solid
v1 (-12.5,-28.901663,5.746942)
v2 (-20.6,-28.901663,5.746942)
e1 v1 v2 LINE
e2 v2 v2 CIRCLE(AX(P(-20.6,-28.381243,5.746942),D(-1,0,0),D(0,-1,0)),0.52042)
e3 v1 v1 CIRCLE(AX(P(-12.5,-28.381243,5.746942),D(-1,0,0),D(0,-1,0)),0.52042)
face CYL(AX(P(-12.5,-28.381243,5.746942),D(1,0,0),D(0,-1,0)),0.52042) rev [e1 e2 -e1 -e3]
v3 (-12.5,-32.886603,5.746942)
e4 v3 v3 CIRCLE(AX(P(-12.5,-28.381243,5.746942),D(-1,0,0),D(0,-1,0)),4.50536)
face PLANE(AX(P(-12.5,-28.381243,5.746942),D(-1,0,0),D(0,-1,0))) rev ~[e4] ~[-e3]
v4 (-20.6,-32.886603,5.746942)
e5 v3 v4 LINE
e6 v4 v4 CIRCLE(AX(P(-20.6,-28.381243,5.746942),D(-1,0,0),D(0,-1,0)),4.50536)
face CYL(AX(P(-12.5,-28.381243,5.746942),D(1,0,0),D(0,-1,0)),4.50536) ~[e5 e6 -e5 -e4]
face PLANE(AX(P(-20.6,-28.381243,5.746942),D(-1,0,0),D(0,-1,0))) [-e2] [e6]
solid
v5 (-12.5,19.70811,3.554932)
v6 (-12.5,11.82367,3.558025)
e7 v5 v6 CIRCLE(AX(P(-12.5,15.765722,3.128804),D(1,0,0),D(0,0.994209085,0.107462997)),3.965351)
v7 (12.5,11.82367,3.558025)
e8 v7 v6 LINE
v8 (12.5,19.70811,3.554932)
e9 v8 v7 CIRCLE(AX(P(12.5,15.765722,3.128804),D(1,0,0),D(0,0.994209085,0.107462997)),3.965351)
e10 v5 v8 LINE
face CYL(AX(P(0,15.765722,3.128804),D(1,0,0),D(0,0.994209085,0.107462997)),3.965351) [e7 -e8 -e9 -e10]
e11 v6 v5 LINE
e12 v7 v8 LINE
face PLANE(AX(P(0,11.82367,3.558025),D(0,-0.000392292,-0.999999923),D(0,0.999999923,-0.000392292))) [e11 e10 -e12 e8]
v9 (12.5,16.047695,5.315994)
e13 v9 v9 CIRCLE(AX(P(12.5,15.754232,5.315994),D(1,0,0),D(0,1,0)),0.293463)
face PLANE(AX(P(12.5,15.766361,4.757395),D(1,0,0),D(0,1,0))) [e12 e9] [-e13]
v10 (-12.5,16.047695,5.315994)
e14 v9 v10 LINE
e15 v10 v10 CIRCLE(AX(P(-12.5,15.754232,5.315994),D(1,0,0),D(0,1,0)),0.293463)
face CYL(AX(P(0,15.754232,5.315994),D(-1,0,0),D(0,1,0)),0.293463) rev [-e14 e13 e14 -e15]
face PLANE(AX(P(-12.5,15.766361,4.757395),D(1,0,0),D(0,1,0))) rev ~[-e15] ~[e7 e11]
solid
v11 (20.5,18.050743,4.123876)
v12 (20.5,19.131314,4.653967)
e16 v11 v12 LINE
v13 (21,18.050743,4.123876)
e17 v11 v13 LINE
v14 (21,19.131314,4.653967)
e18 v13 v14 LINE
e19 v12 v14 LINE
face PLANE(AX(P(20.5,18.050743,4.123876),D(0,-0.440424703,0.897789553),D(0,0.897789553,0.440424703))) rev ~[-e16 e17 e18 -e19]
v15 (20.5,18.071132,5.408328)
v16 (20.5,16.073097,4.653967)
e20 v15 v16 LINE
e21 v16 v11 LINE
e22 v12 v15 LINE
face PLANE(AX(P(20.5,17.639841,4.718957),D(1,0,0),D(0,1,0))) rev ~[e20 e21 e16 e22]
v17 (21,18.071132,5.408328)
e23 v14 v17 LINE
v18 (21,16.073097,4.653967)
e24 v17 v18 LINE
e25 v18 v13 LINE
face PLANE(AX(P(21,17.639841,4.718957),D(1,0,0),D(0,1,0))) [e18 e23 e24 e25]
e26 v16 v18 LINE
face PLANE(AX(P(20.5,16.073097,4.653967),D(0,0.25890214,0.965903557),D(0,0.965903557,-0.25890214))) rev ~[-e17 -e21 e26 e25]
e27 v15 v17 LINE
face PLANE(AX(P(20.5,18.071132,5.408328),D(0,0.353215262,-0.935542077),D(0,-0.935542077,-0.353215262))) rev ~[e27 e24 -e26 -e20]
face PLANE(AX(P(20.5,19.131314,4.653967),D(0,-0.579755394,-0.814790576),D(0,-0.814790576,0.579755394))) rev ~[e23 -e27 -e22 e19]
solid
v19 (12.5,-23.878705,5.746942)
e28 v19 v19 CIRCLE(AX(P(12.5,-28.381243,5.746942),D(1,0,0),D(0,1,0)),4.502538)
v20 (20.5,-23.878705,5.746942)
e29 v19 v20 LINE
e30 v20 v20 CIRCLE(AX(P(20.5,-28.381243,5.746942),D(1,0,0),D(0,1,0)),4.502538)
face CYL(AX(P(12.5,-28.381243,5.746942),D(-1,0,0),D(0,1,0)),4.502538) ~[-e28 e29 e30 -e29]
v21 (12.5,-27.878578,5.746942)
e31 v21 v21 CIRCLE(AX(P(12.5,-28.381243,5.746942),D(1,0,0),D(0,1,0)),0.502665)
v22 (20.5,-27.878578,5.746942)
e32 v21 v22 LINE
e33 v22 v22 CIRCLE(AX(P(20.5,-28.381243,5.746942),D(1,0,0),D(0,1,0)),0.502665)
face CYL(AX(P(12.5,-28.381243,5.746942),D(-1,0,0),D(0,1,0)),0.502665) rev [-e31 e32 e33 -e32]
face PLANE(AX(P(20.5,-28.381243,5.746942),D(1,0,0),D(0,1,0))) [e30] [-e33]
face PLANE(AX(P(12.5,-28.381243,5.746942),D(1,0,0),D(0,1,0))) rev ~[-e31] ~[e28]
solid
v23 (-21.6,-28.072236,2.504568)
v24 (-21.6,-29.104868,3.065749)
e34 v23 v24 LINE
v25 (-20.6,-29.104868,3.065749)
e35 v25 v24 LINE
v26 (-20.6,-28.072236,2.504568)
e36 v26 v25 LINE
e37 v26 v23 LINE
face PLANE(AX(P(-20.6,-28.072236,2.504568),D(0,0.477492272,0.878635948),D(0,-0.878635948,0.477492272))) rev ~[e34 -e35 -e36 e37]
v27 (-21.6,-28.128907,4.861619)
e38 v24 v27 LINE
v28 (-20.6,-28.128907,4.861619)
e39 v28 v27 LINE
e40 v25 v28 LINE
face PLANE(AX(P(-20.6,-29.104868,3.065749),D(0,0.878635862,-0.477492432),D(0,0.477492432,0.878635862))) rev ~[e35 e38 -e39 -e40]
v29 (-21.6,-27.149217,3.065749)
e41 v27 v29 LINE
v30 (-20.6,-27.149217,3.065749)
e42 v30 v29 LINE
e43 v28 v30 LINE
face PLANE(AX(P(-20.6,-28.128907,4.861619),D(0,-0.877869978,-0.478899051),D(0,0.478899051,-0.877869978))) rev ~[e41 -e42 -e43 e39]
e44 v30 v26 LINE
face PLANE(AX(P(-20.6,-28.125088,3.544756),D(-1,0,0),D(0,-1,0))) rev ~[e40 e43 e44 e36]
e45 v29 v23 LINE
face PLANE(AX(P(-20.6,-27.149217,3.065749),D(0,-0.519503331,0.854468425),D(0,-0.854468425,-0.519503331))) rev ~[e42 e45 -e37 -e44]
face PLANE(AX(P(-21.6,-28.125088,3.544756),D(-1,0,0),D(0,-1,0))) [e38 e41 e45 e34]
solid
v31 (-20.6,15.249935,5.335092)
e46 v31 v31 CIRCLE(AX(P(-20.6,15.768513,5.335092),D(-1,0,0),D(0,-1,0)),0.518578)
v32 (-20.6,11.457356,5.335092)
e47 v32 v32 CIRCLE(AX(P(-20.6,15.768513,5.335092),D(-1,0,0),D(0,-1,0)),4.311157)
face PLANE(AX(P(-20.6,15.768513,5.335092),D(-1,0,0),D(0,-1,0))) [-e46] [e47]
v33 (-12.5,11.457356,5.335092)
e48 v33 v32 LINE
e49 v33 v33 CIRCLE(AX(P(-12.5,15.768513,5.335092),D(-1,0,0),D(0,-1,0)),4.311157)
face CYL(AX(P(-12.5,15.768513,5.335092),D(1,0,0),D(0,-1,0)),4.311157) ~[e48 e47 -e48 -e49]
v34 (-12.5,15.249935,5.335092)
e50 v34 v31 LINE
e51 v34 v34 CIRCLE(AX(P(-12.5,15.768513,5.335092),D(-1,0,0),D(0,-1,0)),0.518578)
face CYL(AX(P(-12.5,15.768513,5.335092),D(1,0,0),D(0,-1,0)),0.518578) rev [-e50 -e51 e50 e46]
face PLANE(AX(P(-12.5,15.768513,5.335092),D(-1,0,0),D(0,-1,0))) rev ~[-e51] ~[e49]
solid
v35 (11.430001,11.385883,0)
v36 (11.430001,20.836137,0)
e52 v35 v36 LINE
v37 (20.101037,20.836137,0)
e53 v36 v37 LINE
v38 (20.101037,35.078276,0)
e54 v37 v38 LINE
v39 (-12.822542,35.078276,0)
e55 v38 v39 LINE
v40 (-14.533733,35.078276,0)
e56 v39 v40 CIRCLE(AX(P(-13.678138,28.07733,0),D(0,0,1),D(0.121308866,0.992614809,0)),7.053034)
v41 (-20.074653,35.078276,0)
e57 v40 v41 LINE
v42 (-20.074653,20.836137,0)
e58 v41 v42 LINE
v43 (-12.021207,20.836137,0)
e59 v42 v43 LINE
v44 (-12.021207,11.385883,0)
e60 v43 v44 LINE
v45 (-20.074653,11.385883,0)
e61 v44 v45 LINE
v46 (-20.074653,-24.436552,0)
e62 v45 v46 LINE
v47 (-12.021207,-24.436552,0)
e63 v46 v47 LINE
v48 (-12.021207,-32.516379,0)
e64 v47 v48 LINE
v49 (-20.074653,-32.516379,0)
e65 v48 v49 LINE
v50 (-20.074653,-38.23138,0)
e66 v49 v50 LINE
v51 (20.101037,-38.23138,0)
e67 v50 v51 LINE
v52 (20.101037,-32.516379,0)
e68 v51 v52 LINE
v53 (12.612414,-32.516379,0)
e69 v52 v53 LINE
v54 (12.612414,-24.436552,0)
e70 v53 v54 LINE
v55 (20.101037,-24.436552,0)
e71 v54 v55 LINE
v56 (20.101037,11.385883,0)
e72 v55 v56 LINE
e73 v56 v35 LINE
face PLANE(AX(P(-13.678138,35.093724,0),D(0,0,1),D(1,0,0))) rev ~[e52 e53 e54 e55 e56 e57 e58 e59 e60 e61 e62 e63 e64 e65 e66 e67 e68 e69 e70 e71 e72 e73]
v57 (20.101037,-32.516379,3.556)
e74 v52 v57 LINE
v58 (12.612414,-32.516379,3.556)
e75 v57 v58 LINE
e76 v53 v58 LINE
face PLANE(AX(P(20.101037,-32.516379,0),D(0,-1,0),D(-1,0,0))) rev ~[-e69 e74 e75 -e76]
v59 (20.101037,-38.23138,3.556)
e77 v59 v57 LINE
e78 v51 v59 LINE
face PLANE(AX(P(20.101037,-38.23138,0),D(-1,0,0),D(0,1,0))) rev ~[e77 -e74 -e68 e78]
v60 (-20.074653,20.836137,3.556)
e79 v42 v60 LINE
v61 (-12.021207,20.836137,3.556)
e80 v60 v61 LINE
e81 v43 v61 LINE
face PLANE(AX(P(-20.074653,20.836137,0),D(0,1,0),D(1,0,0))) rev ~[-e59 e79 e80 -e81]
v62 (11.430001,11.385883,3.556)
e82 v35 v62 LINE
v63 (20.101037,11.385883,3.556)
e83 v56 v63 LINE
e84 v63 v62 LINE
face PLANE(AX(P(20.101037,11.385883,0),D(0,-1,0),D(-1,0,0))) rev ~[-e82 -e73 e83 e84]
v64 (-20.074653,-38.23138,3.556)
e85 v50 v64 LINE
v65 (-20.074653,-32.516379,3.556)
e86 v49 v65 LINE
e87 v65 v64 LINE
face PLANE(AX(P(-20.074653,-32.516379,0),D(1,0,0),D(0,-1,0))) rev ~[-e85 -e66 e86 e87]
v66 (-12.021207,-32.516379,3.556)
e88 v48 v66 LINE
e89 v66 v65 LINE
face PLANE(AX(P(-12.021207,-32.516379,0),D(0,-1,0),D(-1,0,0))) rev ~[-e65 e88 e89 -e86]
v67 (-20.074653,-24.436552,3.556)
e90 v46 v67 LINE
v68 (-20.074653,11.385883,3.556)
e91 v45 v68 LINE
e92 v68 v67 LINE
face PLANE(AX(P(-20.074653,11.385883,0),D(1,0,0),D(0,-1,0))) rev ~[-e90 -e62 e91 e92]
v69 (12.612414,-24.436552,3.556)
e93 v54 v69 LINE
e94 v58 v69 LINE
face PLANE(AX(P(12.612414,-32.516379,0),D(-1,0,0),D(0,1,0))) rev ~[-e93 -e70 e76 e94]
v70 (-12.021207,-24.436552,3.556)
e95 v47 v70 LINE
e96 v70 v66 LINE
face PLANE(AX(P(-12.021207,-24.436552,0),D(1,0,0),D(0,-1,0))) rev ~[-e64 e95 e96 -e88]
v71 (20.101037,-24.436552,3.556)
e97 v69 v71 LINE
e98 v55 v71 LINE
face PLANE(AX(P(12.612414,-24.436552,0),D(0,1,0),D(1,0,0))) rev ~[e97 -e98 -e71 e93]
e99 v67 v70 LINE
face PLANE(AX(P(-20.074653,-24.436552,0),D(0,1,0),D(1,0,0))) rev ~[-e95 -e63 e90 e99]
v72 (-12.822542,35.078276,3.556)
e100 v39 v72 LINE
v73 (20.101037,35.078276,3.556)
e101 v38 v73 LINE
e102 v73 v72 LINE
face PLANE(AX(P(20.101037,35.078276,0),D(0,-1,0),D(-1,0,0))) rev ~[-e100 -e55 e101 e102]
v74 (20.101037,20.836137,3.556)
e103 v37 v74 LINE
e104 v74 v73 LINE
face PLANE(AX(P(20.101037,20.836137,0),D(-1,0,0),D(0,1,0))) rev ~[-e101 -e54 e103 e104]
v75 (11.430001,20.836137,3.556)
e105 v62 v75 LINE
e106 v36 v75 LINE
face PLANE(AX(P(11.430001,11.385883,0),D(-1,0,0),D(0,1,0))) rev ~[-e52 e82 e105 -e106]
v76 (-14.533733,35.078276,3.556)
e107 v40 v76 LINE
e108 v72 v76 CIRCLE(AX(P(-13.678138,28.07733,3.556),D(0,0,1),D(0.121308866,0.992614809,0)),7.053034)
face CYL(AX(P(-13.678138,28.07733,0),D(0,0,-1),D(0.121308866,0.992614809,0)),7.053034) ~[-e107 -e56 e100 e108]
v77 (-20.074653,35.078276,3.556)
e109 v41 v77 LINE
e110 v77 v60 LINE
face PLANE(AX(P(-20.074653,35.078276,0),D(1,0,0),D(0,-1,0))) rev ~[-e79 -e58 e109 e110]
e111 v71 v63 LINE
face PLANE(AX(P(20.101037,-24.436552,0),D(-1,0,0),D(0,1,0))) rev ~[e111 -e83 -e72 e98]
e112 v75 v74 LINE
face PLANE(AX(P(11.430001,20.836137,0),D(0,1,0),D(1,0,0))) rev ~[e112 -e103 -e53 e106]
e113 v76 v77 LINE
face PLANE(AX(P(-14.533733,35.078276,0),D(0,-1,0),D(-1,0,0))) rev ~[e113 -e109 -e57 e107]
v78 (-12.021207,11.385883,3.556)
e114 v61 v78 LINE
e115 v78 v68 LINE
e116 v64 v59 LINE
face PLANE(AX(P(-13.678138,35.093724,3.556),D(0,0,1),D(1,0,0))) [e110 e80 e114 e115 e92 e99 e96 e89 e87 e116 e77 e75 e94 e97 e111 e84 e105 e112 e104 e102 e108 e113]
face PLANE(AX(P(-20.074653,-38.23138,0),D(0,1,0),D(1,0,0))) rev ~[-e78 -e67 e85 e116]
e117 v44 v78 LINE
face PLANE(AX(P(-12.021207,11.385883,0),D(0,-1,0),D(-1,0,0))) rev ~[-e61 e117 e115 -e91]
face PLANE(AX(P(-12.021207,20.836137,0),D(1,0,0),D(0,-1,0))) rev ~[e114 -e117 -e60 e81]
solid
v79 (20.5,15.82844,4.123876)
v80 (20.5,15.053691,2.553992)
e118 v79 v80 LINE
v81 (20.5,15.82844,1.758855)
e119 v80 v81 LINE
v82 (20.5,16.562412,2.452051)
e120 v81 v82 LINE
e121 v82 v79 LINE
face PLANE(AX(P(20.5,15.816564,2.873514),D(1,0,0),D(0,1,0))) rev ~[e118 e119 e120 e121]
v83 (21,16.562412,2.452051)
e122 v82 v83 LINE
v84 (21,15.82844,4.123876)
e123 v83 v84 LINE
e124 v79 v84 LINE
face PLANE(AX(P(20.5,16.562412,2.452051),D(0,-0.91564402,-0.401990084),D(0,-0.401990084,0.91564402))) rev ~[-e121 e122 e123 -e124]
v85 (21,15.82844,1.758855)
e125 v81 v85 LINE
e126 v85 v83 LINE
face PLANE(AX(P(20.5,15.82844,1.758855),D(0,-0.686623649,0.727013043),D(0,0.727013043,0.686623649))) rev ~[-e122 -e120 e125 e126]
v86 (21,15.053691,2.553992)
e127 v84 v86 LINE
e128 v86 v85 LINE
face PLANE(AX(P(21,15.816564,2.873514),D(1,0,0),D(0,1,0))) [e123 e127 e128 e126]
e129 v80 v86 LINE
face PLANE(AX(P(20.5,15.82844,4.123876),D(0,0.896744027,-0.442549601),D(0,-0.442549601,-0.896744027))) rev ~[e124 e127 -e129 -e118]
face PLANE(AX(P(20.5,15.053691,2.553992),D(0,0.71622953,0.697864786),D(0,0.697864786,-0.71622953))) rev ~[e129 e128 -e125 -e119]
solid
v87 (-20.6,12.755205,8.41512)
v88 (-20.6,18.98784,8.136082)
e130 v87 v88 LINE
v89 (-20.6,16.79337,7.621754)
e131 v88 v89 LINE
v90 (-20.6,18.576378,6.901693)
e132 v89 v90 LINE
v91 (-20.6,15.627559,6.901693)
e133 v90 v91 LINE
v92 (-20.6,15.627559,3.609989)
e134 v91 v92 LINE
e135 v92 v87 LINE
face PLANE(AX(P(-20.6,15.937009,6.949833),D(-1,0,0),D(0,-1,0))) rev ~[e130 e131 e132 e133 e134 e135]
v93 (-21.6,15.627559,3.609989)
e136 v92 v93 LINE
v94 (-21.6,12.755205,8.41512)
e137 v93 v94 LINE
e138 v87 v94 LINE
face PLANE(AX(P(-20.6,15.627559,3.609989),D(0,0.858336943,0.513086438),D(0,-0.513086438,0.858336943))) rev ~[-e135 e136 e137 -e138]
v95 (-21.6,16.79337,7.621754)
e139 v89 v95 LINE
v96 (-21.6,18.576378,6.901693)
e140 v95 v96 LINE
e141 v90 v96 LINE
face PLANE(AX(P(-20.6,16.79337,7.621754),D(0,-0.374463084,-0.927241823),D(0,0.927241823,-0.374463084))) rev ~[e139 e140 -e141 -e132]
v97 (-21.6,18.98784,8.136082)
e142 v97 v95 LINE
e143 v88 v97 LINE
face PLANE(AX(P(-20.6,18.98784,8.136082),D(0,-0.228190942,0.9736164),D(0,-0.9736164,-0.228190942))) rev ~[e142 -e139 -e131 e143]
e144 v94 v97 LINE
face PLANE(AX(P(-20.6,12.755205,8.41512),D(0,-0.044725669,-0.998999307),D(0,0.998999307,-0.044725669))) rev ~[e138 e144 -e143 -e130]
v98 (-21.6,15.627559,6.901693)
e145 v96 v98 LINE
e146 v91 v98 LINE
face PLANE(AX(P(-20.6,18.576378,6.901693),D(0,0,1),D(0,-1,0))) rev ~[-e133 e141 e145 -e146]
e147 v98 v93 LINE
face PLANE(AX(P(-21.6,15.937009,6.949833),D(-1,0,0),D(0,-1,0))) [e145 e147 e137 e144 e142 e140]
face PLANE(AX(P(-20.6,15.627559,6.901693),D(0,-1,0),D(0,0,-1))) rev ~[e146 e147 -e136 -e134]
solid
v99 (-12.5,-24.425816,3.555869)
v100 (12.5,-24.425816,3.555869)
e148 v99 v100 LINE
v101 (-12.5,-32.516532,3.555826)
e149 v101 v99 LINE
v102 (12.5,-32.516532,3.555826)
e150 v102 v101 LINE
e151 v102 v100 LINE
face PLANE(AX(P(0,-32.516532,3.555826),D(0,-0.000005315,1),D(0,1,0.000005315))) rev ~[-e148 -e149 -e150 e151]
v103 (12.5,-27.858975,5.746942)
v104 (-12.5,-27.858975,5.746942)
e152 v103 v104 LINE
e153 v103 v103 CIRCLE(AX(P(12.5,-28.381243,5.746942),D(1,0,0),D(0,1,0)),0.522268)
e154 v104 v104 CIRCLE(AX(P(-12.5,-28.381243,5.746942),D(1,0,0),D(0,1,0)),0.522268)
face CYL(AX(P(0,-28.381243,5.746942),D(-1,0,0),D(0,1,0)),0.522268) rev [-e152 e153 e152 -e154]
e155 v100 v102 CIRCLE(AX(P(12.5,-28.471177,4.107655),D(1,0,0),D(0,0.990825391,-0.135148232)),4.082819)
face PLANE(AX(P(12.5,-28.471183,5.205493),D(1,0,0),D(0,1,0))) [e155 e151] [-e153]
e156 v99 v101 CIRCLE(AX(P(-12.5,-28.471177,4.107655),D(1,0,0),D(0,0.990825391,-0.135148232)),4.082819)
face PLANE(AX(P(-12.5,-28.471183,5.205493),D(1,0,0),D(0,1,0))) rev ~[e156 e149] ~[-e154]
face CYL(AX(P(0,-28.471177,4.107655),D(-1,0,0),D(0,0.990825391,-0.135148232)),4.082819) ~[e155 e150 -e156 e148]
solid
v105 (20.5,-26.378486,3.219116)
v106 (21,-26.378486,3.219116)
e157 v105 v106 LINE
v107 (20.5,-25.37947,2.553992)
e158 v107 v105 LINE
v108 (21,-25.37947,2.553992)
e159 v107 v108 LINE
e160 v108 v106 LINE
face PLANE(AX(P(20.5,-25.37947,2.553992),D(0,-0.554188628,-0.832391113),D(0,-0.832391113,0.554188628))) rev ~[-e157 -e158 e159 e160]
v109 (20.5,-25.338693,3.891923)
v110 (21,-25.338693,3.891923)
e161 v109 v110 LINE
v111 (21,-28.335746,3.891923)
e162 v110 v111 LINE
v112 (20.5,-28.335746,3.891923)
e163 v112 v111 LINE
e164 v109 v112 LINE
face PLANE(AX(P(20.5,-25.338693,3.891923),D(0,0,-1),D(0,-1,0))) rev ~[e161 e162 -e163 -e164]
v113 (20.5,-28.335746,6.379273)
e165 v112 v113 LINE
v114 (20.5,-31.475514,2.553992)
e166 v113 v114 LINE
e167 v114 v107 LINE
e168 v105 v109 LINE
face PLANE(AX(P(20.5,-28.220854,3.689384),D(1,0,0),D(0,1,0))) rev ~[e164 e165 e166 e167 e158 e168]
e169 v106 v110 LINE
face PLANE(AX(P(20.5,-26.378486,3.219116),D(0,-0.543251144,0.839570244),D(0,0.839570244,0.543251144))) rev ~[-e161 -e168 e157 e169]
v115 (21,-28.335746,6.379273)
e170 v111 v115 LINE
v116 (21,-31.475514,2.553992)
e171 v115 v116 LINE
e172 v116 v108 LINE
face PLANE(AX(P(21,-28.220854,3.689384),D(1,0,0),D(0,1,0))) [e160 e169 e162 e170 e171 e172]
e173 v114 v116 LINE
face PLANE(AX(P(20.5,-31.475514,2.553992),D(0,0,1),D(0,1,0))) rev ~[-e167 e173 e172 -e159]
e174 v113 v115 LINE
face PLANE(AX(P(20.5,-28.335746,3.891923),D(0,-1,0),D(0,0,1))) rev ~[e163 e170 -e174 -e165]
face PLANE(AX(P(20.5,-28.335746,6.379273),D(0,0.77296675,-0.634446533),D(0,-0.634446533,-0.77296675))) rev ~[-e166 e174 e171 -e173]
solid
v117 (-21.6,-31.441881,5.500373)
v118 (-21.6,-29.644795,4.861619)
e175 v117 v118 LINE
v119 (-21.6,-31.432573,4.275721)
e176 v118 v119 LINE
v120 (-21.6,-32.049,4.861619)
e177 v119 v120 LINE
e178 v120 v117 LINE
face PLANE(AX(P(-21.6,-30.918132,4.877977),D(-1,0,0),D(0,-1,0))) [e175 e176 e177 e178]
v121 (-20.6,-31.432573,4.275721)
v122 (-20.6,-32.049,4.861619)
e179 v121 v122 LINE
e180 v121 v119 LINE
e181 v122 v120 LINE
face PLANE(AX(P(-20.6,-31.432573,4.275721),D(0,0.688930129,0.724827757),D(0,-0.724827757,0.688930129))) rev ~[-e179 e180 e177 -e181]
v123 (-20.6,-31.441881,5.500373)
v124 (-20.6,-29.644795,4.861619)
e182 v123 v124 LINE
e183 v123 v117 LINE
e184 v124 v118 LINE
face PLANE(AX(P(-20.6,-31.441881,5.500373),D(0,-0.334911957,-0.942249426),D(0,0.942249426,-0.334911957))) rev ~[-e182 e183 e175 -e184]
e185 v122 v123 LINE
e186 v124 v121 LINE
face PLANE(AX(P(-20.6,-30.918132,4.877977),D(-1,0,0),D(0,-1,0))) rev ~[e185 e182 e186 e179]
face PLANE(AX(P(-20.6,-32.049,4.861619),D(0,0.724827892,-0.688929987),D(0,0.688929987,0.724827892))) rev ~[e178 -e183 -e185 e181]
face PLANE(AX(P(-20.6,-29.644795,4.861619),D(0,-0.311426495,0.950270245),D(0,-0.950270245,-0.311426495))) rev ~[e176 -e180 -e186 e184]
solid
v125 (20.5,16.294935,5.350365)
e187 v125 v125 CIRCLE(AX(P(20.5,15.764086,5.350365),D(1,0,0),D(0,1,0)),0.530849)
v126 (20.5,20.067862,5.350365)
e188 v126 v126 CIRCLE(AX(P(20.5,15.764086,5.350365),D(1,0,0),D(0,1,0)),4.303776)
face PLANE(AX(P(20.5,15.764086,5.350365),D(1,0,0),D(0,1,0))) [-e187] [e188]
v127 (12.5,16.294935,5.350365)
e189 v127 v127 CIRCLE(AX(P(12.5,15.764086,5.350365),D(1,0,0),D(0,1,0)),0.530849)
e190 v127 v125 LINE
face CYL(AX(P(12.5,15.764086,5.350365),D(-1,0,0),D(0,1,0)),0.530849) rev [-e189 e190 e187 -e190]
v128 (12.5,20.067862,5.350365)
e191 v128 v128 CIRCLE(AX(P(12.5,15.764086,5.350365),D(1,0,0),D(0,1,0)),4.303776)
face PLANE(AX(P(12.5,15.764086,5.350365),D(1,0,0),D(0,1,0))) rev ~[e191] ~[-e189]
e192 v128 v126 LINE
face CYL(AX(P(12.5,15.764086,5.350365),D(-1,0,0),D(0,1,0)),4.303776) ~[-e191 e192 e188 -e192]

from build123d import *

# Parameters (mm, degrees)
F1_DEPTH  = 3.556
F2_R      = 0.522268
F2_R_2    = 0.293463
F3_DEPTH  = 12.5
F4_R      = 4.502538
F4_R_2    = 0.502665
F4_R_3    = 4.303776
F4_R_4    = 0.530849
F5_DEPTH  = 8
F6_R      = 4.50536
F6_R_2    = 0.52042
F6_R_3    = 4.311157
F6_R_4    = 0.518578
F7_DEPTH  = 8.1
F9_DEPTH  = 1
F11_DEPTH = 0.5


with BuildPart() as f1:
    # F0 (on Top) → F1 (new body)
    with BuildSketch(Plane.XY):
        with BuildLine():
            ThreePointArc((-12.822542, 35.078276), (-13.678138, 35.130364), (-14.533733, 35.078276))
            Line((-14.533733, 35.078276), (-12.822542, 35.078276))
        make_face()
        Polygon((-12.822542, 35.078276), (-14.533733, 35.078276), (-20.074653, 35.078276), (-20.074653, 31.048741), (-20.074653, 20.836137), (-12.021207, 20.836137), (-12.021207, 11.385883), (-20.074653, 11.385883), (-20.074653, -24.436552), (-12.021207, -24.436552), (-12.021207, -32.516379), (-20.074653, -32.516379), (-20.074653, -35.37388), (-20.074653, -38.23138), (-15.39694, -38.23138), (16.356725, -38.23138), (20.101037, -38.23138), (20.101037, -35.37388), (20.101037, -32.516379), (12.612414, -32.516379), (12.612414, -24.436552), (20.101037, -24.436552), (20.101037, 11.385883), (11.430001, 11.385883), (11.430001, 20.836137), (20.101037, 20.836137), (20.101037, 30.516615), (20.101037, 35.078276), (14.974757, 35.078276), align=None)
    extrude(amount=F1_DEPTH)


with BuildPart() as f3:
    # F2 (on Right) → F3 (new body, symmetric)
    with BuildSketch(Plane.YZ):
        with BuildLine():
            Line((-32.516532, 3.555826), (-24.425816, 3.555869))
            ThreePointArc((-24.425816, 3.555869), (-28.471198, 8.190474), (-32.516532, 3.555826))
        make_face()
        with Locations((-28.381243, 5.746942)):
            Circle(F2_R, mode=Mode.SUBTRACT)
        with BuildLine():
            Line((11.82367, 3.558025), (19.70811, 3.554932))
            ThreePointArc((19.70811, 3.554932), (15.767278, 7.094154), (11.82367, 3.558025))
        make_face()
        with Locations((15.754232, 5.315994)):
            Circle(F2_R_2, mode=Mode.SUBTRACT)
    extrude(amount=F3_DEPTH, both=True)


with BuildPart() as f5:
    # F4 (on face) → F5 (new body)
    with BuildSketch(Plane.YZ.offset(12.5)):
        with Locations((-28.381243, 5.746942)):
            Circle(F4_R)
        with Locations((-28.381243, 5.746942)):
            Circle(F4_R_2, mode=Mode.SUBTRACT)
        with Locations((15.764086, 5.350365)):
            Circle(F4_R_3)
        with Locations((15.764086, 5.350365)):
            Circle(F4_R_4, mode=Mode.SUBTRACT)
    extrude(amount=F5_DEPTH)


with BuildPart() as f7:
    # F6 (on face) → F7 (new body)
    with BuildSketch(Plane(origin=(-12.5, 0, 0), x_dir=(0, -1, 0), z_dir=(-1, 0, 0))):
        with Locations((28.381243, 5.746942)):
            Circle(F6_R)
        with Locations((28.381243, 5.746942)):
            Circle(F6_R_2, mode=Mode.SUBTRACT)
        with Locations((-15.768513, 5.335092)):
            Circle(F6_R_3)
        with Locations((-15.768513, 5.335092)):
            Circle(F6_R_4, mode=Mode.SUBTRACT)
    extrude(amount=F7_DEPTH)


with BuildPart() as f9:
    # F8 (on face) → F9 (new body)
    with BuildSketch(Plane(origin=(-20.6, 0, 0), x_dir=(0, -1, 0), z_dir=(-1, 0, 0))):
        Polygon((29.644795, 4.861619), (31.432573, 4.275721), (32.049, 4.861619), (31.441881, 5.500373), align=None)
        Polygon((29.104868, 3.065749), (28.128907, 4.861619), (27.149217, 3.065749), (28.072236, 2.504568), align=None)
        Polygon((-12.755205, 8.41512), (-18.98784, 8.136082), (-16.79337, 7.621754), (-18.576378, 6.901693), (-15.627559, 6.901693), (-15.627559, 3.609989), align=None)
    extrude(amount=F9_DEPTH)


with BuildPart() as f11:
    # F10 (on face) → F11 (new body)
    with BuildSketch(Plane.YZ.offset(20.5)):
        Polygon((16.073097, 4.653967), (18.050743, 4.123876), (19.131314, 4.653967), (18.071132, 5.408328), align=None)
        Polygon((15.053691, 2.553992), (15.82844, 1.758855), (16.562412, 2.452051), (15.82844, 4.123876), align=None)
        Polygon((-31.475514, 2.553992), (-25.37947, 2.553992), (-26.378486, 3.219116), (-25.338693, 3.891923), (-28.335746, 3.891923), (-28.335746, 6.379273), align=None)
    extrude(amount=F11_DEPTH)


solid = Compound([f1.part, f3.part, f5.part, f7.part, f9.part, f11.part])
